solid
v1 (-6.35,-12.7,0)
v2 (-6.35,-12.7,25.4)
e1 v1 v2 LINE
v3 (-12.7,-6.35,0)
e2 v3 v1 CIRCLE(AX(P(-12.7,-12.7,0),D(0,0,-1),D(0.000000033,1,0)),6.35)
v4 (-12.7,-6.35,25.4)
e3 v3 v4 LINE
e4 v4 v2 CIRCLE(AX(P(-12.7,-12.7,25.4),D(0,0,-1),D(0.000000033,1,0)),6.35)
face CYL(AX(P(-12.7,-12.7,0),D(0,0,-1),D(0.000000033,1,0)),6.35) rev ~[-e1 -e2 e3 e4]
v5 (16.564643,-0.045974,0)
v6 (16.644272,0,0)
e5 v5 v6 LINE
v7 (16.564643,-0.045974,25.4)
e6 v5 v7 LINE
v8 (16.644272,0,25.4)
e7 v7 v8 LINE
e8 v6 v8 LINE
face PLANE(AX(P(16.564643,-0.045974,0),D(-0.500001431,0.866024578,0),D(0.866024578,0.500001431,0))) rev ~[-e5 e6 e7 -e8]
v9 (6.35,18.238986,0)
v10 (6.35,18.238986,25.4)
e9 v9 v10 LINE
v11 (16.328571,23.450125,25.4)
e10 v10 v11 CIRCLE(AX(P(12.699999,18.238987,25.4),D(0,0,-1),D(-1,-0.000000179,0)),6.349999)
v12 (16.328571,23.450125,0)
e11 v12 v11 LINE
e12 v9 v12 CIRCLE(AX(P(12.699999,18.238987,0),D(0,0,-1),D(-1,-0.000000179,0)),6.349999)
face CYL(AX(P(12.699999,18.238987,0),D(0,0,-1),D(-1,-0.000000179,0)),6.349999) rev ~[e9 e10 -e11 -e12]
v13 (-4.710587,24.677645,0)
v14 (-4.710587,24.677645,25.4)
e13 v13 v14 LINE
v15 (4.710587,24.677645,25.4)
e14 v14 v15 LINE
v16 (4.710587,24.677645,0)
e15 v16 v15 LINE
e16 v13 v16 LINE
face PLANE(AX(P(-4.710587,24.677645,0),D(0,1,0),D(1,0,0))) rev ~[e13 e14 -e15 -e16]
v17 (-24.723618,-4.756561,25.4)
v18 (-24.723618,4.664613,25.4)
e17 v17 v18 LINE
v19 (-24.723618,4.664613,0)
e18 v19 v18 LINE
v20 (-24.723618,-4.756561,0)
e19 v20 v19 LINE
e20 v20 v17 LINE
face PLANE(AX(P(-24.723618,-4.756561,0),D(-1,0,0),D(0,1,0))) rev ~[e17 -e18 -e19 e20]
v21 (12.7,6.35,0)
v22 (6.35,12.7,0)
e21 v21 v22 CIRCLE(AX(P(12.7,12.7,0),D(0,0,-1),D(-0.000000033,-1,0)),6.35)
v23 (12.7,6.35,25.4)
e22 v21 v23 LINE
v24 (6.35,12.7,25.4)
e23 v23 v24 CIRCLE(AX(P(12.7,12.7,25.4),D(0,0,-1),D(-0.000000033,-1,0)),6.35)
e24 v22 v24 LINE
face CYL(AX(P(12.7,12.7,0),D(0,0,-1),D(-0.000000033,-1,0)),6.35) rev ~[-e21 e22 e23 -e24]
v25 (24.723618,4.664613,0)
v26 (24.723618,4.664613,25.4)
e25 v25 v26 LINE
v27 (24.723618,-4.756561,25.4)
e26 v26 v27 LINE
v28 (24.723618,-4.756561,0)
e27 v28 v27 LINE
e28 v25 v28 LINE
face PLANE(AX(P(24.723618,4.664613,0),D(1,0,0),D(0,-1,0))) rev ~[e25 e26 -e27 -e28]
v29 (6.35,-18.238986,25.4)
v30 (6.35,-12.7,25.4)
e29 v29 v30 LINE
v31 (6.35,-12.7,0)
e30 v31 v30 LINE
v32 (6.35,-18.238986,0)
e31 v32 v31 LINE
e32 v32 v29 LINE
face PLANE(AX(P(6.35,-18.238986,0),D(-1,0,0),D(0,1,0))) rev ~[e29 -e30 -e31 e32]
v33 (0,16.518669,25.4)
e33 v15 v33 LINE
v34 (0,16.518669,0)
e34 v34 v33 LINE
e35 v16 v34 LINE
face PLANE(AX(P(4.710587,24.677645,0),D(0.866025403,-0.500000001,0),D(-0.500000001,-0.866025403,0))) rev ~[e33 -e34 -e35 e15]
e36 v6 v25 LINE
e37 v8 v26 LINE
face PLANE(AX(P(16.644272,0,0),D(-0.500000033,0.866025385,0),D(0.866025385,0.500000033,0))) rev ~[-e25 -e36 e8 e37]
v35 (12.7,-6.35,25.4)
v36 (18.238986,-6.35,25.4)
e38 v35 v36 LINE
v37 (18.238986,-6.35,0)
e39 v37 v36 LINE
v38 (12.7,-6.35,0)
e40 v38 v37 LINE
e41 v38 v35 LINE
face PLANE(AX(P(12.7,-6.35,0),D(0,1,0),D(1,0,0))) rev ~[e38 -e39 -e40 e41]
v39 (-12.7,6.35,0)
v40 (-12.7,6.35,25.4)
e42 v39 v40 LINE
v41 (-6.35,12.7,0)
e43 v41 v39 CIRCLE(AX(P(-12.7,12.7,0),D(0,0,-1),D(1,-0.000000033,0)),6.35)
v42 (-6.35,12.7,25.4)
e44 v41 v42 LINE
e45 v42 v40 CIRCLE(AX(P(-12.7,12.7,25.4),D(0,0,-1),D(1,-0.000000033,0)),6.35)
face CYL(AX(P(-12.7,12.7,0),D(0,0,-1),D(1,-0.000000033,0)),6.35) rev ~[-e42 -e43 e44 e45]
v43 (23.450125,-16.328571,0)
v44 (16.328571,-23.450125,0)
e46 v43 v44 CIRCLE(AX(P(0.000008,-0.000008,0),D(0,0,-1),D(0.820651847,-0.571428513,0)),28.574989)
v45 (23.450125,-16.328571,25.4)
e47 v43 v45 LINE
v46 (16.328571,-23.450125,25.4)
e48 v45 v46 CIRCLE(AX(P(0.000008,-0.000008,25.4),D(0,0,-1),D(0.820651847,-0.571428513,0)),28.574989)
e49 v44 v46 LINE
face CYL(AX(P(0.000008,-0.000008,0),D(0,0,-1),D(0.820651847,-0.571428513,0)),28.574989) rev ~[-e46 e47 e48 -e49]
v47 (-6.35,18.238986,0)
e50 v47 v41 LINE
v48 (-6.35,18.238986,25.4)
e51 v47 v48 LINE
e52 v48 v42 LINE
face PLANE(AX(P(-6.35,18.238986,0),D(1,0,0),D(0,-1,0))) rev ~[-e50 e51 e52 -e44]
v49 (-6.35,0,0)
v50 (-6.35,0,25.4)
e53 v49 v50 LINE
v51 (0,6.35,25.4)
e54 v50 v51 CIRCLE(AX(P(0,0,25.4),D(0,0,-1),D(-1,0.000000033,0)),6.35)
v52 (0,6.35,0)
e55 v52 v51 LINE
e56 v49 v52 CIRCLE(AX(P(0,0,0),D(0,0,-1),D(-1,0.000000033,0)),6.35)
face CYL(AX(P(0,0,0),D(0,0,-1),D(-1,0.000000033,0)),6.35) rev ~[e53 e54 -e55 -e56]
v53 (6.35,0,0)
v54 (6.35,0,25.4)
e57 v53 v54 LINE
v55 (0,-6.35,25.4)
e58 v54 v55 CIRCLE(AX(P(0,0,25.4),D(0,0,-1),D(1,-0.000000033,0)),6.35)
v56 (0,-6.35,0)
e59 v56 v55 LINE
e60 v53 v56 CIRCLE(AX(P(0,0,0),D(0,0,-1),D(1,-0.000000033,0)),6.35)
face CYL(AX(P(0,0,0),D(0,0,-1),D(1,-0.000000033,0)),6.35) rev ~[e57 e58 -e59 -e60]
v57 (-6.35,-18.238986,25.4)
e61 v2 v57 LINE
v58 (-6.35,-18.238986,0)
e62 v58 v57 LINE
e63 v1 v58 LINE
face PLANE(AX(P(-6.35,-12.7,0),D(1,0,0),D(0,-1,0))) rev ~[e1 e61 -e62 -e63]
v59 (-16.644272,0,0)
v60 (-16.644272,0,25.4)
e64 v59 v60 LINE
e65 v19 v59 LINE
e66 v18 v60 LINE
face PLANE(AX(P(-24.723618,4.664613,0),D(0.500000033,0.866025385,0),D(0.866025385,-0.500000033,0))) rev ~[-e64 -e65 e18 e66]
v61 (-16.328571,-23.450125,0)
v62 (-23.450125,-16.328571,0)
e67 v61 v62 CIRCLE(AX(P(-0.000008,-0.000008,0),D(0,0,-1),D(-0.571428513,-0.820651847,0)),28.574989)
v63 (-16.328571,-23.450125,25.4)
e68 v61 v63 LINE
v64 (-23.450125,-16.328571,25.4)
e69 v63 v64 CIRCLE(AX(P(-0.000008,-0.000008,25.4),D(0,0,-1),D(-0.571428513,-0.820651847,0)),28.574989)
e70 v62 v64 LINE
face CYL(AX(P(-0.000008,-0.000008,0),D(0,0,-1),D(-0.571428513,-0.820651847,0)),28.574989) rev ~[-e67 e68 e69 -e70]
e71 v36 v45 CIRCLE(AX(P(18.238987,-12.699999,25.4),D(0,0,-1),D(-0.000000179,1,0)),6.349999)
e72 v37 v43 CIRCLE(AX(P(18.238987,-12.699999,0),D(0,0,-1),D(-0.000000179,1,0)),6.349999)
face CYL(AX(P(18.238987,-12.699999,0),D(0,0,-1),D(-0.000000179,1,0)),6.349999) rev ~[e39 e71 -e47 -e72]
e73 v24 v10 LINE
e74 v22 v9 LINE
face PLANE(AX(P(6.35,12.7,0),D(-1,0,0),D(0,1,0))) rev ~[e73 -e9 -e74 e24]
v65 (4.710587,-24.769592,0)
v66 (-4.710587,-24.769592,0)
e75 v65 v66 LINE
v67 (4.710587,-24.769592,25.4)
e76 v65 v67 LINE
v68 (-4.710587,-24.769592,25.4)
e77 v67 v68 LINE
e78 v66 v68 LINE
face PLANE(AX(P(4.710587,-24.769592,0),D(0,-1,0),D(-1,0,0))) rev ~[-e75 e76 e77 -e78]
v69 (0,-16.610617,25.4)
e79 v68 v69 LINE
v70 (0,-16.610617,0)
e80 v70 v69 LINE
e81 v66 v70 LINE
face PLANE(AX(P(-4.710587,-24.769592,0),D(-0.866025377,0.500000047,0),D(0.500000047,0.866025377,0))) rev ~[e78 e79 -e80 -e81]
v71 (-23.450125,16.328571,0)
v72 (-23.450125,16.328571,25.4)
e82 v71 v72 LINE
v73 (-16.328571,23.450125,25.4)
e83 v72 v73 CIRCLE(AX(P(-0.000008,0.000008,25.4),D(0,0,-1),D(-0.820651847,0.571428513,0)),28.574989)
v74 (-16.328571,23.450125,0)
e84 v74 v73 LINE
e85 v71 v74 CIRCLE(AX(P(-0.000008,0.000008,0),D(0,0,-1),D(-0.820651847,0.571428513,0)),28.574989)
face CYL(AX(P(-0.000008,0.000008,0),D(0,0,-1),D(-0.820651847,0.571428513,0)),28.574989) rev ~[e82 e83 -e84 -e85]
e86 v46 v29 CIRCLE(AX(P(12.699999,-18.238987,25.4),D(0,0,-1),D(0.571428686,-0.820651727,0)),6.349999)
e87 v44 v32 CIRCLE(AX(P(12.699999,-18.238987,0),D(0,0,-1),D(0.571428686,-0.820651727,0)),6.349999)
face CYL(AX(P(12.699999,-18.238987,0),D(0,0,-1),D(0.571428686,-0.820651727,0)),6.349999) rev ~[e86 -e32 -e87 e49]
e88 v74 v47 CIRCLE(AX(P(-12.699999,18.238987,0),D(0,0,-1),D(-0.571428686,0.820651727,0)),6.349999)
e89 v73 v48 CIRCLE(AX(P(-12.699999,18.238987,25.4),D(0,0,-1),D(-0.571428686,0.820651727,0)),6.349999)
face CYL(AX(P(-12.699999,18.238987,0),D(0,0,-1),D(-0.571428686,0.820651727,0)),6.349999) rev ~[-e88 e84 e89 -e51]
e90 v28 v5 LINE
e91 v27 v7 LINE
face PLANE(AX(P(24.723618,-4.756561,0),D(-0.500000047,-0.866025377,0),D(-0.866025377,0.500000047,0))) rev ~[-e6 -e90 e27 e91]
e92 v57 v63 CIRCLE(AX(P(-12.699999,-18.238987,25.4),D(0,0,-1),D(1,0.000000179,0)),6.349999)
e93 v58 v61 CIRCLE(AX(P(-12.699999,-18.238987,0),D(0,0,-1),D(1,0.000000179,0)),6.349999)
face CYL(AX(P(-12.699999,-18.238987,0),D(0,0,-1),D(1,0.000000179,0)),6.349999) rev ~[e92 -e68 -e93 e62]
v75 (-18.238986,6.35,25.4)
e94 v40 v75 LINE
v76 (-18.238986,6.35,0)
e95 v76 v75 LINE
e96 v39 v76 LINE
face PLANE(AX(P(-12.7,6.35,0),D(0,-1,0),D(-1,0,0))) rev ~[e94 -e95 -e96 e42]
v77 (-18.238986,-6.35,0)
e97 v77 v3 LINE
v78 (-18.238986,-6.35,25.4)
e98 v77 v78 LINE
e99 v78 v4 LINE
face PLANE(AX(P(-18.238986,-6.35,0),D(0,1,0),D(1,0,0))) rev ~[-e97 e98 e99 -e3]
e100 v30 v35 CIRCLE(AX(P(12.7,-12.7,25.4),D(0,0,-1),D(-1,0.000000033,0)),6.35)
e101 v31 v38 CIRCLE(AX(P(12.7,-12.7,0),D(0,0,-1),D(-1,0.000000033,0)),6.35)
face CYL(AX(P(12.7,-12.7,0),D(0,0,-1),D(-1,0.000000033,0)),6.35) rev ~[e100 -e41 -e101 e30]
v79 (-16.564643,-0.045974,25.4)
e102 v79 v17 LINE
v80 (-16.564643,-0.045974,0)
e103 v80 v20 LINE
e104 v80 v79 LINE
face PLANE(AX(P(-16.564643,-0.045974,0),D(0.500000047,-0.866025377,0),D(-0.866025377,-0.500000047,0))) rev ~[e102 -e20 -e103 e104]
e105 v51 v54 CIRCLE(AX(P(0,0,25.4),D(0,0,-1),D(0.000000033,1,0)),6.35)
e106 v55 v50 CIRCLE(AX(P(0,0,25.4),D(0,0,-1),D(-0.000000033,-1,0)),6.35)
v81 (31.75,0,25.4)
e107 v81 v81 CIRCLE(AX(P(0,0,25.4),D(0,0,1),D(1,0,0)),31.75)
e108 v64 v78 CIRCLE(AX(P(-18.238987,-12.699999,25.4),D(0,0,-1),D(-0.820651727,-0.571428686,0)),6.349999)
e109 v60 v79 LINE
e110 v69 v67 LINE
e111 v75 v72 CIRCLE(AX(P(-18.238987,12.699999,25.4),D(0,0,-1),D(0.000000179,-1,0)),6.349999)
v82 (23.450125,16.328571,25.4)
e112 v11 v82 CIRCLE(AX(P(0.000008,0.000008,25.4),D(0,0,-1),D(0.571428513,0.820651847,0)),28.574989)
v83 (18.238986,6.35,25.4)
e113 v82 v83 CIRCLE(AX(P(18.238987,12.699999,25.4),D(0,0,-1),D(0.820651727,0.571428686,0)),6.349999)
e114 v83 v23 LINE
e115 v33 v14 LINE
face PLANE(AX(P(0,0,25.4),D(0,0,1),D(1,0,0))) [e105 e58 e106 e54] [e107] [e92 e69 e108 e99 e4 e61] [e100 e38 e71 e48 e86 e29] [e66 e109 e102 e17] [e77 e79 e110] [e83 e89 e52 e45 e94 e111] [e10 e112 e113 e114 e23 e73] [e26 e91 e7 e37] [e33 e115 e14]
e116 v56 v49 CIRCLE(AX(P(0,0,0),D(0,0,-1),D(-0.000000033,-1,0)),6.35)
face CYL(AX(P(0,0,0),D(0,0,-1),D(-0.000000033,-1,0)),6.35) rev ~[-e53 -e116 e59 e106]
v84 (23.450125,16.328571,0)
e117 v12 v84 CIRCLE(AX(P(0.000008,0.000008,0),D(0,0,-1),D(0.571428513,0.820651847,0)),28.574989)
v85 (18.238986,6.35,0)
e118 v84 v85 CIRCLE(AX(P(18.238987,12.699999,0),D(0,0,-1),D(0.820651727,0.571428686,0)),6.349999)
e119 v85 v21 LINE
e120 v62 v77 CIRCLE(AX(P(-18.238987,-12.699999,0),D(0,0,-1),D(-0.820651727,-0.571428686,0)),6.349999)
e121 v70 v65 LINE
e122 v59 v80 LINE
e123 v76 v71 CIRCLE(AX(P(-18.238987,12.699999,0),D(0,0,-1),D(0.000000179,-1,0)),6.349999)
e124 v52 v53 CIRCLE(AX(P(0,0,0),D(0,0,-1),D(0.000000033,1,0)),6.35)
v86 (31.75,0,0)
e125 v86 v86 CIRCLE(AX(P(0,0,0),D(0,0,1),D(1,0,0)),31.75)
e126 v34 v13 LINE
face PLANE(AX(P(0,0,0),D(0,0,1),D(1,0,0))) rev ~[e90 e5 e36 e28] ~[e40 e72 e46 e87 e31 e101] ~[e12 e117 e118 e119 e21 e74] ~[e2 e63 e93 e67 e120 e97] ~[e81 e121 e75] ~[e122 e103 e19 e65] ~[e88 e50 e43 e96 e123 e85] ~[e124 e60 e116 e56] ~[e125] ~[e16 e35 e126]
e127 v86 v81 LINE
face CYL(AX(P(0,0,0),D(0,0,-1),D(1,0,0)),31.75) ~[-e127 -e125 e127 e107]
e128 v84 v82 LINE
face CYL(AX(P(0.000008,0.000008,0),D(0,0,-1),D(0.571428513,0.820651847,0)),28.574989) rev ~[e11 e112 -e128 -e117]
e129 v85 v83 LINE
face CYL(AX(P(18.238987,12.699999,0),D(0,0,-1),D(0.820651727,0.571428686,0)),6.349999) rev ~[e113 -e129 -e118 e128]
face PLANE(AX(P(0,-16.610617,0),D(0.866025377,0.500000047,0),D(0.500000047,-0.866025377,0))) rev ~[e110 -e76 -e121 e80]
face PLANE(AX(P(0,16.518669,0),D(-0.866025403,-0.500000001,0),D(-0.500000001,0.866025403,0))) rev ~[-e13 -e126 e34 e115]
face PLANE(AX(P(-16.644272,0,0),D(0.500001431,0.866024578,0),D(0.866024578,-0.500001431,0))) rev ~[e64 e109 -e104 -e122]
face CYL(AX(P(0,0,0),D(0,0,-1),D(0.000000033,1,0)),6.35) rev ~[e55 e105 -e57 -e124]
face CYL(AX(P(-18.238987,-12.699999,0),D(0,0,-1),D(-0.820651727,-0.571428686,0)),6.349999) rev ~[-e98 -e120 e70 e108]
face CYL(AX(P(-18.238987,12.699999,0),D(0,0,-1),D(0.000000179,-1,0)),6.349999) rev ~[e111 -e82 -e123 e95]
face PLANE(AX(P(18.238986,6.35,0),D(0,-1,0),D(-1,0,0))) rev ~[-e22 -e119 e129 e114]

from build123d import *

# Parameters (mm, degrees)
F0_R     = 31.75
F1_DEPTH = 25.4


with BuildPart() as f1:
    # F0 (on Top) → F1 (new body)
    with BuildSketch(Plane.XY):
        Circle(F0_R)
        Polygon((-4.710587, -24.769592), (0, -16.610617), (4.710587, -24.769592), (0, -24.769592), align=None, mode=Mode.SUBTRACT)
        Polygon((-24.723618, 4.664613), (-16.644272, 0), (-16.564643, -0.045974), (-24.723618, -4.756561), (-24.723618, 0), align=None, mode=Mode.SUBTRACT)
        with BuildLine():
            ThreePointArc((-16.328571, -23.450125), (-20.205576, -20.205576), (-23.450125, -16.328571))
            ThreePointArc((-23.450125, -16.328571), (-23.86766, -9.760521), (-18.238986, -6.35))
            Line((-18.238986, -6.35), (-12.7, -6.35))
            ThreePointArc((-12.7, -6.35), (-8.209872, -8.209872), (-6.35, -12.7))
            Line((-6.35, -12.7), (-6.35, -18.238986))
            ThreePointArc((-6.35, -18.238986), (-9.760521, -23.86766), (-16.328571, -23.450125))
        make_face(mode=Mode.SUBTRACT)
        with BuildLine():
            ThreePointArc((6.35, -12.7), (8.209872, -8.209872), (12.7, -6.35))
            Line((12.7, -6.35), (18.238986, -6.35))
            ThreePointArc((18.238986, -6.35), (23.86766, -9.760521), (23.450125, -16.328571))
            ThreePointArc((23.450125, -16.328571), (20.205576, -20.205576), (16.328571, -23.450125))
            ThreePointArc((16.328571, -23.450125), (9.760521, -23.86766), (6.35, -18.238986))
            Line((6.35, -18.238986), (6.35, -12.7))
        make_face(mode=Mode.SUBTRACT)
        Polygon((16.564643, -0.045974), (16.644272, 0), (24.723618, 4.664613), (24.723618, 0), (24.723618, -4.756561), align=None, mode=Mode.SUBTRACT)
        with BuildLine():
            Line((-6.35, 18.238986), (-6.35, 12.7))
            ThreePointArc((-6.35, 12.7), (-8.209872, 8.209872), (-12.7, 6.35))
            Line((-12.7, 6.35), (-18.238986, 6.35))
            ThreePointArc((-18.238986, 6.35), (-23.86766, 9.760521), (-23.450125, 16.328571))
            ThreePointArc((-23.450125, 16.328571), (-20.205576, 20.205576), (-16.328571, 23.450125))
            ThreePointArc((-16.328571, 23.450125), (-9.760521, 23.86766), (-6.35, 18.238986))
        make_face(mode=Mode.SUBTRACT)
        with BuildLine():
            ThreePointArc((0, 6.35), (4.490128, 4.490128), (6.35, 0))
            ThreePointArc((6.35, 0), (4.490128, -4.490128), (0, -6.35))
            ThreePointArc((0, -6.35), (-4.490128, -4.490128), (-6.35, 0))
            ThreePointArc((-6.35, 0), (-4.490128, 4.490128), (0, 6.35))
        make_face(mode=Mode.SUBTRACT)
        with BuildLine():
            ThreePointArc((12.7, 6.35), (8.209872, 8.209872), (6.35, 12.7))
            Line((6.35, 12.7), (6.35, 18.238986))
            ThreePointArc((6.35, 18.238986), (9.760521, 23.86766), (16.328571, 23.450125))
            ThreePointArc((16.328571, 23.450125), (20.205576, 20.205576), (23.450125, 16.328571))
            ThreePointArc((23.450125, 16.328571), (23.86766, 9.760521), (18.238986, 6.35))
            Line((18.238986, 6.35), (12.7, 6.35))
        make_face(mode=Mode.SUBTRACT)
        Polygon((4.710587, 24.677645), (0, 16.518669), (-4.710587, 24.677645), (0, 24.677645), align=None, mode=Mode.SUBTRACT)
    extrude(amount=F1_DEPTH)


solid = f1.part
